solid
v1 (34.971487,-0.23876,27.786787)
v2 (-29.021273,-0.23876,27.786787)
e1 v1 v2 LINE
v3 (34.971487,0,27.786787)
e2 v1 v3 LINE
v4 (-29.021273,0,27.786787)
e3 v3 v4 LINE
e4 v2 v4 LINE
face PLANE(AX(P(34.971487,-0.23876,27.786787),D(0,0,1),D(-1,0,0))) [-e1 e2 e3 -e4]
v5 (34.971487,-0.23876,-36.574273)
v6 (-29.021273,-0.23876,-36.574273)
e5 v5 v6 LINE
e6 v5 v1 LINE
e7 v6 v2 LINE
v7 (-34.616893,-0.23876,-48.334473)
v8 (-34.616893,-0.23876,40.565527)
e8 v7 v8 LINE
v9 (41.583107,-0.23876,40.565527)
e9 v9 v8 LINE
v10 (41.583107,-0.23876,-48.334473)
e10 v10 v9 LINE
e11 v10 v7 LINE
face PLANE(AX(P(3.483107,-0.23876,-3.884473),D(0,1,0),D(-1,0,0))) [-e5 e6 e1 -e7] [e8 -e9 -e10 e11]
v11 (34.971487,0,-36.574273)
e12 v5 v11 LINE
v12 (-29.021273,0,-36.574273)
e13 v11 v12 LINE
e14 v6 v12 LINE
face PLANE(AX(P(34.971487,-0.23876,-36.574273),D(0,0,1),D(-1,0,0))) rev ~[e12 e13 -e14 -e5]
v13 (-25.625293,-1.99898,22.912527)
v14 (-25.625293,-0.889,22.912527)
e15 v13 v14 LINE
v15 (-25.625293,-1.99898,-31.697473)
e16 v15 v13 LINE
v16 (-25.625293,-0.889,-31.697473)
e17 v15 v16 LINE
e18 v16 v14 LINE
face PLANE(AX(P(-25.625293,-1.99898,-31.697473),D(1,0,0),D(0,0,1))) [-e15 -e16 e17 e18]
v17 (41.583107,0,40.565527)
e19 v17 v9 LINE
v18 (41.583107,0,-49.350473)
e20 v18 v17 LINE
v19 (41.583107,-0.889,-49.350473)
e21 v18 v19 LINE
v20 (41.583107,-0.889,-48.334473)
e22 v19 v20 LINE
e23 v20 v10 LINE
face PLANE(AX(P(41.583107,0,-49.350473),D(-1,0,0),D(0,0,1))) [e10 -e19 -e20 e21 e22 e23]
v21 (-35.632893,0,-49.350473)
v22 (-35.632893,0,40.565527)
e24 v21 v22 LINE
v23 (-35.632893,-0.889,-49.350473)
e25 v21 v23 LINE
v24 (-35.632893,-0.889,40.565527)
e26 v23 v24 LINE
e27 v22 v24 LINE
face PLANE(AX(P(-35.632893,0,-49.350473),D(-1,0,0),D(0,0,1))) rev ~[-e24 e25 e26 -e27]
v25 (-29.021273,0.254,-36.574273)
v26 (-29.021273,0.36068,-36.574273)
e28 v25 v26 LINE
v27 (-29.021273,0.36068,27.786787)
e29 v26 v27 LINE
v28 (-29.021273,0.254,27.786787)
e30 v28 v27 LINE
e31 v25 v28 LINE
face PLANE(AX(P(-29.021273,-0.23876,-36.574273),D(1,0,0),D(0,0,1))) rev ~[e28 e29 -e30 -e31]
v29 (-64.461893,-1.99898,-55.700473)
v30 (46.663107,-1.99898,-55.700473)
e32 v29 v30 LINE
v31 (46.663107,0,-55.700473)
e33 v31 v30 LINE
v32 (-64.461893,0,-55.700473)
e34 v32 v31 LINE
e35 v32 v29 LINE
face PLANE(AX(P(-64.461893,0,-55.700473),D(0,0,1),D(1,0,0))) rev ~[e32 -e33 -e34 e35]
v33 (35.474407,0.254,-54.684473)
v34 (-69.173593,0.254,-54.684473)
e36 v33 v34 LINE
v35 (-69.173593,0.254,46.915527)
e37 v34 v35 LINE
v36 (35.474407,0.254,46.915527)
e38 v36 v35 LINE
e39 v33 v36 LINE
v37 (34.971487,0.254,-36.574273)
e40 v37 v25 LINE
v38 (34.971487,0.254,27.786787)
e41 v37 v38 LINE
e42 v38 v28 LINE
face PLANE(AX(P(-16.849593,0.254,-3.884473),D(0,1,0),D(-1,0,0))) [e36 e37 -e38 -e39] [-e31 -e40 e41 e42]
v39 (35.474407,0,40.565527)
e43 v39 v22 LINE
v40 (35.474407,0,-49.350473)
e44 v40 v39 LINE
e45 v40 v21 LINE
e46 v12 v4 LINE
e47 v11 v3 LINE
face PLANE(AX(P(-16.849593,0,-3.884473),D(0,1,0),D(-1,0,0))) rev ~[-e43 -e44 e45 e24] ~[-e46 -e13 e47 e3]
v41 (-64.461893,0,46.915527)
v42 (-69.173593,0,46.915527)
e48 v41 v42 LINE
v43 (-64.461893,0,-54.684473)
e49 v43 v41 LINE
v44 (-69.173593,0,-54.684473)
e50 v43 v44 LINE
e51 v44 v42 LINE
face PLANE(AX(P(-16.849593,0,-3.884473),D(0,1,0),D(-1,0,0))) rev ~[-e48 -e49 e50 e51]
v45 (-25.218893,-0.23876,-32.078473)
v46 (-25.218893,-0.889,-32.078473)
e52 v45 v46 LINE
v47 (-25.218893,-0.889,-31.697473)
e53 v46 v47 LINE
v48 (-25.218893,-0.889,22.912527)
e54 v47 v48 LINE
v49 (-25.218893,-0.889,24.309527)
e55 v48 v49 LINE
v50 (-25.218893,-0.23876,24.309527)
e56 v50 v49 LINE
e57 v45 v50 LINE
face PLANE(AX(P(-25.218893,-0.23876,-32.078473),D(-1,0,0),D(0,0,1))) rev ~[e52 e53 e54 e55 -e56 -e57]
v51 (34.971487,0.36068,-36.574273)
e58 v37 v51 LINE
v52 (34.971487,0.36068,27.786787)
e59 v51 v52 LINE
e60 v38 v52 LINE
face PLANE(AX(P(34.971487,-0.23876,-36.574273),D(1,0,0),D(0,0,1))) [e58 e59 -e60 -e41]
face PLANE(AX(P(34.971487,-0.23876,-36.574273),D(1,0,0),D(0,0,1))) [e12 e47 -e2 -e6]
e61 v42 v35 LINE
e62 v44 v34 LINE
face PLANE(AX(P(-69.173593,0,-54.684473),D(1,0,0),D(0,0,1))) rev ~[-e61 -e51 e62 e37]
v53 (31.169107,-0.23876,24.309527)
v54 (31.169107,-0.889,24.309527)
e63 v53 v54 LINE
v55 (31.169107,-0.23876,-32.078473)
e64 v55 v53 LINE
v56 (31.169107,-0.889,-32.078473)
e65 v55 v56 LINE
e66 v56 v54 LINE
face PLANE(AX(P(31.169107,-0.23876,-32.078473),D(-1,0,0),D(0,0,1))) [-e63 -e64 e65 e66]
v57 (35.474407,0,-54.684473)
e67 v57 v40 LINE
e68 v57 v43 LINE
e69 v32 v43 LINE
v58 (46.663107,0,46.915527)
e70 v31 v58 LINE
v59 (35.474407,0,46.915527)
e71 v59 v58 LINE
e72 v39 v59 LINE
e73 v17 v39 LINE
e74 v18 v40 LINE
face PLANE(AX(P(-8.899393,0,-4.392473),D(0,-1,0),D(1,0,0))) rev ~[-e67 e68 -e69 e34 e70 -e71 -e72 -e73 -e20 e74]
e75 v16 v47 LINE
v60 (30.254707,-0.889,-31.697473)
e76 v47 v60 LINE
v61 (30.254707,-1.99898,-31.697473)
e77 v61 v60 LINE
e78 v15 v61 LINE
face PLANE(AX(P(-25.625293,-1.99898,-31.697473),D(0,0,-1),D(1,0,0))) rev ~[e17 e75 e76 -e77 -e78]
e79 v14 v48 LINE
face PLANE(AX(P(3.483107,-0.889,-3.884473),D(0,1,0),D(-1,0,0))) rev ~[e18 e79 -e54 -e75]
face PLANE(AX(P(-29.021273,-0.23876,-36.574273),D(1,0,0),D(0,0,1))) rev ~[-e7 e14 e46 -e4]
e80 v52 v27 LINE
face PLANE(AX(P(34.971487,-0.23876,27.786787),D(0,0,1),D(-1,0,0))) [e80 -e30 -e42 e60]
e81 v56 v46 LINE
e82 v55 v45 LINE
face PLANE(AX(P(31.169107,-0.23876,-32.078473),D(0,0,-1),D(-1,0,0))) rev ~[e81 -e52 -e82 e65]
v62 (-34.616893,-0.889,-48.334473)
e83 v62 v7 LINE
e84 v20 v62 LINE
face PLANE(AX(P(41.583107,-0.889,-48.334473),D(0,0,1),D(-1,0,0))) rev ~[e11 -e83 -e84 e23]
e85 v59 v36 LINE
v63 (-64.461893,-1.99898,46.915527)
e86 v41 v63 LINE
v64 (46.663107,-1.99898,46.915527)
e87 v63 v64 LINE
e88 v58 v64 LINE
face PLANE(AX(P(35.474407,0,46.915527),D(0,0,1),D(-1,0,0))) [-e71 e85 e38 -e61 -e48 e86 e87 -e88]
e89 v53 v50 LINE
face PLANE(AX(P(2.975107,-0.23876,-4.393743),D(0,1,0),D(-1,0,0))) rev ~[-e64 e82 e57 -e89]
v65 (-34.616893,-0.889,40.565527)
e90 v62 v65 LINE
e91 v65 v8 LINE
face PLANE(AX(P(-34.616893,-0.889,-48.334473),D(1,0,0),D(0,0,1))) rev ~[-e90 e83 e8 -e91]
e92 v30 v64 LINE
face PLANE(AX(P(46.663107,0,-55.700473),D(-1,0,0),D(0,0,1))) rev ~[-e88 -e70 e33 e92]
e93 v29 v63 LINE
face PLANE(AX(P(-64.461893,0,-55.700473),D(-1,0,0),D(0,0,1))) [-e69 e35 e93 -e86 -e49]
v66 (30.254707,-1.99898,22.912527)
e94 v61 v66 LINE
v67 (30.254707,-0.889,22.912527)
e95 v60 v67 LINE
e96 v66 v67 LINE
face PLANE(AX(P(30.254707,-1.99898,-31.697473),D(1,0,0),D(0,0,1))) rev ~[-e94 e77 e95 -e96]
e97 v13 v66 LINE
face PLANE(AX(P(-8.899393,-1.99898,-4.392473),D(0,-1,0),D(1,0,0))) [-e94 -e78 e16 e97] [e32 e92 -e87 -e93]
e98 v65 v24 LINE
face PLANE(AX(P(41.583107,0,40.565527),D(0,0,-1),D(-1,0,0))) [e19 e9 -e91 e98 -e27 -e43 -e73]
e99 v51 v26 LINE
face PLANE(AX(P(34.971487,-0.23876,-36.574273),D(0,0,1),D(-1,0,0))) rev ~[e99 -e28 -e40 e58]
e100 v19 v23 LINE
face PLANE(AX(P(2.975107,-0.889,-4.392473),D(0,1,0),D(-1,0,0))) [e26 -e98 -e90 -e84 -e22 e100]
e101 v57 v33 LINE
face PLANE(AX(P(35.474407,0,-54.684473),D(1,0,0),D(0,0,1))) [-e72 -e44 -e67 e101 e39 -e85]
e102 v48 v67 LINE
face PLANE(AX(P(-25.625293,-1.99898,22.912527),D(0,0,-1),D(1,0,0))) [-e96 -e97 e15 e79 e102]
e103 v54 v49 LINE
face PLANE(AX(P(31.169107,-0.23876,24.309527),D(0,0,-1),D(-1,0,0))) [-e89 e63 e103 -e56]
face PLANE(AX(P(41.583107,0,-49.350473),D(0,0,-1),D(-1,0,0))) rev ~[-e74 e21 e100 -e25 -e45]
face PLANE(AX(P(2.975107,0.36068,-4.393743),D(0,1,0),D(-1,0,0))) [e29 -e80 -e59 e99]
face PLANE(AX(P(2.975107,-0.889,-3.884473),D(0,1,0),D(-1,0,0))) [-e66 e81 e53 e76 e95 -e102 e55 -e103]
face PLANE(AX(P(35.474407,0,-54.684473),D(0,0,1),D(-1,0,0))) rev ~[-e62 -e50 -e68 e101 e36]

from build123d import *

# Parameters (mm, degrees)
F0_W      = 111.125
F0_H      = 102.616
F1_DEPTH  = 1.99898
F2_W      = 55.88
F2_H      = 54.61
F3_DEPTH  = 1.10998
F4_W      = 77.216
F4_H      = 89.916
F5_DEPTH  = 0.889
F6_W      = 76.2
F6_H      = 88.9
F7_DEPTH  = 0.65024
F8_W      = 56.388
F8_H      = 56.388
F9_DEPTH  = 0.65024
F10_W     = 63.99276
F10_H     = 64.36106
F11_DEPTH = 0.59944
F12_W     = 104.648
F12_H     = 101.6
F13_DEPTH = 0.254


with BuildPart() as f1:
    # F0 (on Front) → F1 (new body)
    with BuildSketch(Plane.XZ):
        with Locations((-8.899393, -4.392473)):
            Rectangle(F0_W, F0_H)
    extrude(amount=F1_DEPTH)

    # F2 (on face) → F3 (cut)
    with BuildSketch(Plane.XZ.offset(1.99898)):
        with Locations((2.314707, -4.392473)):
            Rectangle(F2_W, F2_H)
    extrude(amount=-F3_DEPTH, mode=Mode.SUBTRACT)

    # F4 (on face) → F5 (cut)
    with BuildSketch(Plane(origin=(0, 0, 0), x_dir=(-1, 0, 0), z_dir=(0, 1, 0))):
        with Locations((-2.975107, -4.392473)):
            Rectangle(F4_W, F4_H)
    extrude(amount=-F5_DEPTH, mode=Mode.SUBTRACT)

    # F6 (on face) → F7 (join)
    with BuildSketch(Plane(origin=(0, -0.889, 0), x_dir=(-1, 0, 0), z_dir=(0, 1, 0))):
        with Locations((-3.483107, -3.884473)):
            Rectangle(F6_W, F6_H)
    extrude(amount=F7_DEPTH)

    # F8 (on face) → F9 (cut)
    with BuildSketch(Plane(origin=(0, -0.23876, 0), x_dir=(-1, 0, 0), z_dir=(0, 1, 0))):
        with Locations((-2.975107, -3.884473)):
            Rectangle(F8_W, F8_H)
    extrude(amount=-F9_DEPTH, mode=Mode.SUBTRACT)

    # F10 (on face) → F11 (join)
    with BuildSketch(Plane(origin=(0, -0.23876, 0), x_dir=(-1, 0, 0), z_dir=(0, 1, 0))):
        with Locations((-2.975107, -4.393743)):
            Rectangle(F10_W, F10_H)
    extrude(amount=F11_DEPTH)

    # F12 (on face) → F13 (join)
    with BuildSketch(Plane(origin=(0, 0, 0), x_dir=(-1, 0, 0), z_dir=(0, 1, 0))):
        with Locations((16.849593, -3.884473)):
            Rectangle(F12_W, F12_H)
    extrude(amount=F13_DEPTH)


solid = f1.part
